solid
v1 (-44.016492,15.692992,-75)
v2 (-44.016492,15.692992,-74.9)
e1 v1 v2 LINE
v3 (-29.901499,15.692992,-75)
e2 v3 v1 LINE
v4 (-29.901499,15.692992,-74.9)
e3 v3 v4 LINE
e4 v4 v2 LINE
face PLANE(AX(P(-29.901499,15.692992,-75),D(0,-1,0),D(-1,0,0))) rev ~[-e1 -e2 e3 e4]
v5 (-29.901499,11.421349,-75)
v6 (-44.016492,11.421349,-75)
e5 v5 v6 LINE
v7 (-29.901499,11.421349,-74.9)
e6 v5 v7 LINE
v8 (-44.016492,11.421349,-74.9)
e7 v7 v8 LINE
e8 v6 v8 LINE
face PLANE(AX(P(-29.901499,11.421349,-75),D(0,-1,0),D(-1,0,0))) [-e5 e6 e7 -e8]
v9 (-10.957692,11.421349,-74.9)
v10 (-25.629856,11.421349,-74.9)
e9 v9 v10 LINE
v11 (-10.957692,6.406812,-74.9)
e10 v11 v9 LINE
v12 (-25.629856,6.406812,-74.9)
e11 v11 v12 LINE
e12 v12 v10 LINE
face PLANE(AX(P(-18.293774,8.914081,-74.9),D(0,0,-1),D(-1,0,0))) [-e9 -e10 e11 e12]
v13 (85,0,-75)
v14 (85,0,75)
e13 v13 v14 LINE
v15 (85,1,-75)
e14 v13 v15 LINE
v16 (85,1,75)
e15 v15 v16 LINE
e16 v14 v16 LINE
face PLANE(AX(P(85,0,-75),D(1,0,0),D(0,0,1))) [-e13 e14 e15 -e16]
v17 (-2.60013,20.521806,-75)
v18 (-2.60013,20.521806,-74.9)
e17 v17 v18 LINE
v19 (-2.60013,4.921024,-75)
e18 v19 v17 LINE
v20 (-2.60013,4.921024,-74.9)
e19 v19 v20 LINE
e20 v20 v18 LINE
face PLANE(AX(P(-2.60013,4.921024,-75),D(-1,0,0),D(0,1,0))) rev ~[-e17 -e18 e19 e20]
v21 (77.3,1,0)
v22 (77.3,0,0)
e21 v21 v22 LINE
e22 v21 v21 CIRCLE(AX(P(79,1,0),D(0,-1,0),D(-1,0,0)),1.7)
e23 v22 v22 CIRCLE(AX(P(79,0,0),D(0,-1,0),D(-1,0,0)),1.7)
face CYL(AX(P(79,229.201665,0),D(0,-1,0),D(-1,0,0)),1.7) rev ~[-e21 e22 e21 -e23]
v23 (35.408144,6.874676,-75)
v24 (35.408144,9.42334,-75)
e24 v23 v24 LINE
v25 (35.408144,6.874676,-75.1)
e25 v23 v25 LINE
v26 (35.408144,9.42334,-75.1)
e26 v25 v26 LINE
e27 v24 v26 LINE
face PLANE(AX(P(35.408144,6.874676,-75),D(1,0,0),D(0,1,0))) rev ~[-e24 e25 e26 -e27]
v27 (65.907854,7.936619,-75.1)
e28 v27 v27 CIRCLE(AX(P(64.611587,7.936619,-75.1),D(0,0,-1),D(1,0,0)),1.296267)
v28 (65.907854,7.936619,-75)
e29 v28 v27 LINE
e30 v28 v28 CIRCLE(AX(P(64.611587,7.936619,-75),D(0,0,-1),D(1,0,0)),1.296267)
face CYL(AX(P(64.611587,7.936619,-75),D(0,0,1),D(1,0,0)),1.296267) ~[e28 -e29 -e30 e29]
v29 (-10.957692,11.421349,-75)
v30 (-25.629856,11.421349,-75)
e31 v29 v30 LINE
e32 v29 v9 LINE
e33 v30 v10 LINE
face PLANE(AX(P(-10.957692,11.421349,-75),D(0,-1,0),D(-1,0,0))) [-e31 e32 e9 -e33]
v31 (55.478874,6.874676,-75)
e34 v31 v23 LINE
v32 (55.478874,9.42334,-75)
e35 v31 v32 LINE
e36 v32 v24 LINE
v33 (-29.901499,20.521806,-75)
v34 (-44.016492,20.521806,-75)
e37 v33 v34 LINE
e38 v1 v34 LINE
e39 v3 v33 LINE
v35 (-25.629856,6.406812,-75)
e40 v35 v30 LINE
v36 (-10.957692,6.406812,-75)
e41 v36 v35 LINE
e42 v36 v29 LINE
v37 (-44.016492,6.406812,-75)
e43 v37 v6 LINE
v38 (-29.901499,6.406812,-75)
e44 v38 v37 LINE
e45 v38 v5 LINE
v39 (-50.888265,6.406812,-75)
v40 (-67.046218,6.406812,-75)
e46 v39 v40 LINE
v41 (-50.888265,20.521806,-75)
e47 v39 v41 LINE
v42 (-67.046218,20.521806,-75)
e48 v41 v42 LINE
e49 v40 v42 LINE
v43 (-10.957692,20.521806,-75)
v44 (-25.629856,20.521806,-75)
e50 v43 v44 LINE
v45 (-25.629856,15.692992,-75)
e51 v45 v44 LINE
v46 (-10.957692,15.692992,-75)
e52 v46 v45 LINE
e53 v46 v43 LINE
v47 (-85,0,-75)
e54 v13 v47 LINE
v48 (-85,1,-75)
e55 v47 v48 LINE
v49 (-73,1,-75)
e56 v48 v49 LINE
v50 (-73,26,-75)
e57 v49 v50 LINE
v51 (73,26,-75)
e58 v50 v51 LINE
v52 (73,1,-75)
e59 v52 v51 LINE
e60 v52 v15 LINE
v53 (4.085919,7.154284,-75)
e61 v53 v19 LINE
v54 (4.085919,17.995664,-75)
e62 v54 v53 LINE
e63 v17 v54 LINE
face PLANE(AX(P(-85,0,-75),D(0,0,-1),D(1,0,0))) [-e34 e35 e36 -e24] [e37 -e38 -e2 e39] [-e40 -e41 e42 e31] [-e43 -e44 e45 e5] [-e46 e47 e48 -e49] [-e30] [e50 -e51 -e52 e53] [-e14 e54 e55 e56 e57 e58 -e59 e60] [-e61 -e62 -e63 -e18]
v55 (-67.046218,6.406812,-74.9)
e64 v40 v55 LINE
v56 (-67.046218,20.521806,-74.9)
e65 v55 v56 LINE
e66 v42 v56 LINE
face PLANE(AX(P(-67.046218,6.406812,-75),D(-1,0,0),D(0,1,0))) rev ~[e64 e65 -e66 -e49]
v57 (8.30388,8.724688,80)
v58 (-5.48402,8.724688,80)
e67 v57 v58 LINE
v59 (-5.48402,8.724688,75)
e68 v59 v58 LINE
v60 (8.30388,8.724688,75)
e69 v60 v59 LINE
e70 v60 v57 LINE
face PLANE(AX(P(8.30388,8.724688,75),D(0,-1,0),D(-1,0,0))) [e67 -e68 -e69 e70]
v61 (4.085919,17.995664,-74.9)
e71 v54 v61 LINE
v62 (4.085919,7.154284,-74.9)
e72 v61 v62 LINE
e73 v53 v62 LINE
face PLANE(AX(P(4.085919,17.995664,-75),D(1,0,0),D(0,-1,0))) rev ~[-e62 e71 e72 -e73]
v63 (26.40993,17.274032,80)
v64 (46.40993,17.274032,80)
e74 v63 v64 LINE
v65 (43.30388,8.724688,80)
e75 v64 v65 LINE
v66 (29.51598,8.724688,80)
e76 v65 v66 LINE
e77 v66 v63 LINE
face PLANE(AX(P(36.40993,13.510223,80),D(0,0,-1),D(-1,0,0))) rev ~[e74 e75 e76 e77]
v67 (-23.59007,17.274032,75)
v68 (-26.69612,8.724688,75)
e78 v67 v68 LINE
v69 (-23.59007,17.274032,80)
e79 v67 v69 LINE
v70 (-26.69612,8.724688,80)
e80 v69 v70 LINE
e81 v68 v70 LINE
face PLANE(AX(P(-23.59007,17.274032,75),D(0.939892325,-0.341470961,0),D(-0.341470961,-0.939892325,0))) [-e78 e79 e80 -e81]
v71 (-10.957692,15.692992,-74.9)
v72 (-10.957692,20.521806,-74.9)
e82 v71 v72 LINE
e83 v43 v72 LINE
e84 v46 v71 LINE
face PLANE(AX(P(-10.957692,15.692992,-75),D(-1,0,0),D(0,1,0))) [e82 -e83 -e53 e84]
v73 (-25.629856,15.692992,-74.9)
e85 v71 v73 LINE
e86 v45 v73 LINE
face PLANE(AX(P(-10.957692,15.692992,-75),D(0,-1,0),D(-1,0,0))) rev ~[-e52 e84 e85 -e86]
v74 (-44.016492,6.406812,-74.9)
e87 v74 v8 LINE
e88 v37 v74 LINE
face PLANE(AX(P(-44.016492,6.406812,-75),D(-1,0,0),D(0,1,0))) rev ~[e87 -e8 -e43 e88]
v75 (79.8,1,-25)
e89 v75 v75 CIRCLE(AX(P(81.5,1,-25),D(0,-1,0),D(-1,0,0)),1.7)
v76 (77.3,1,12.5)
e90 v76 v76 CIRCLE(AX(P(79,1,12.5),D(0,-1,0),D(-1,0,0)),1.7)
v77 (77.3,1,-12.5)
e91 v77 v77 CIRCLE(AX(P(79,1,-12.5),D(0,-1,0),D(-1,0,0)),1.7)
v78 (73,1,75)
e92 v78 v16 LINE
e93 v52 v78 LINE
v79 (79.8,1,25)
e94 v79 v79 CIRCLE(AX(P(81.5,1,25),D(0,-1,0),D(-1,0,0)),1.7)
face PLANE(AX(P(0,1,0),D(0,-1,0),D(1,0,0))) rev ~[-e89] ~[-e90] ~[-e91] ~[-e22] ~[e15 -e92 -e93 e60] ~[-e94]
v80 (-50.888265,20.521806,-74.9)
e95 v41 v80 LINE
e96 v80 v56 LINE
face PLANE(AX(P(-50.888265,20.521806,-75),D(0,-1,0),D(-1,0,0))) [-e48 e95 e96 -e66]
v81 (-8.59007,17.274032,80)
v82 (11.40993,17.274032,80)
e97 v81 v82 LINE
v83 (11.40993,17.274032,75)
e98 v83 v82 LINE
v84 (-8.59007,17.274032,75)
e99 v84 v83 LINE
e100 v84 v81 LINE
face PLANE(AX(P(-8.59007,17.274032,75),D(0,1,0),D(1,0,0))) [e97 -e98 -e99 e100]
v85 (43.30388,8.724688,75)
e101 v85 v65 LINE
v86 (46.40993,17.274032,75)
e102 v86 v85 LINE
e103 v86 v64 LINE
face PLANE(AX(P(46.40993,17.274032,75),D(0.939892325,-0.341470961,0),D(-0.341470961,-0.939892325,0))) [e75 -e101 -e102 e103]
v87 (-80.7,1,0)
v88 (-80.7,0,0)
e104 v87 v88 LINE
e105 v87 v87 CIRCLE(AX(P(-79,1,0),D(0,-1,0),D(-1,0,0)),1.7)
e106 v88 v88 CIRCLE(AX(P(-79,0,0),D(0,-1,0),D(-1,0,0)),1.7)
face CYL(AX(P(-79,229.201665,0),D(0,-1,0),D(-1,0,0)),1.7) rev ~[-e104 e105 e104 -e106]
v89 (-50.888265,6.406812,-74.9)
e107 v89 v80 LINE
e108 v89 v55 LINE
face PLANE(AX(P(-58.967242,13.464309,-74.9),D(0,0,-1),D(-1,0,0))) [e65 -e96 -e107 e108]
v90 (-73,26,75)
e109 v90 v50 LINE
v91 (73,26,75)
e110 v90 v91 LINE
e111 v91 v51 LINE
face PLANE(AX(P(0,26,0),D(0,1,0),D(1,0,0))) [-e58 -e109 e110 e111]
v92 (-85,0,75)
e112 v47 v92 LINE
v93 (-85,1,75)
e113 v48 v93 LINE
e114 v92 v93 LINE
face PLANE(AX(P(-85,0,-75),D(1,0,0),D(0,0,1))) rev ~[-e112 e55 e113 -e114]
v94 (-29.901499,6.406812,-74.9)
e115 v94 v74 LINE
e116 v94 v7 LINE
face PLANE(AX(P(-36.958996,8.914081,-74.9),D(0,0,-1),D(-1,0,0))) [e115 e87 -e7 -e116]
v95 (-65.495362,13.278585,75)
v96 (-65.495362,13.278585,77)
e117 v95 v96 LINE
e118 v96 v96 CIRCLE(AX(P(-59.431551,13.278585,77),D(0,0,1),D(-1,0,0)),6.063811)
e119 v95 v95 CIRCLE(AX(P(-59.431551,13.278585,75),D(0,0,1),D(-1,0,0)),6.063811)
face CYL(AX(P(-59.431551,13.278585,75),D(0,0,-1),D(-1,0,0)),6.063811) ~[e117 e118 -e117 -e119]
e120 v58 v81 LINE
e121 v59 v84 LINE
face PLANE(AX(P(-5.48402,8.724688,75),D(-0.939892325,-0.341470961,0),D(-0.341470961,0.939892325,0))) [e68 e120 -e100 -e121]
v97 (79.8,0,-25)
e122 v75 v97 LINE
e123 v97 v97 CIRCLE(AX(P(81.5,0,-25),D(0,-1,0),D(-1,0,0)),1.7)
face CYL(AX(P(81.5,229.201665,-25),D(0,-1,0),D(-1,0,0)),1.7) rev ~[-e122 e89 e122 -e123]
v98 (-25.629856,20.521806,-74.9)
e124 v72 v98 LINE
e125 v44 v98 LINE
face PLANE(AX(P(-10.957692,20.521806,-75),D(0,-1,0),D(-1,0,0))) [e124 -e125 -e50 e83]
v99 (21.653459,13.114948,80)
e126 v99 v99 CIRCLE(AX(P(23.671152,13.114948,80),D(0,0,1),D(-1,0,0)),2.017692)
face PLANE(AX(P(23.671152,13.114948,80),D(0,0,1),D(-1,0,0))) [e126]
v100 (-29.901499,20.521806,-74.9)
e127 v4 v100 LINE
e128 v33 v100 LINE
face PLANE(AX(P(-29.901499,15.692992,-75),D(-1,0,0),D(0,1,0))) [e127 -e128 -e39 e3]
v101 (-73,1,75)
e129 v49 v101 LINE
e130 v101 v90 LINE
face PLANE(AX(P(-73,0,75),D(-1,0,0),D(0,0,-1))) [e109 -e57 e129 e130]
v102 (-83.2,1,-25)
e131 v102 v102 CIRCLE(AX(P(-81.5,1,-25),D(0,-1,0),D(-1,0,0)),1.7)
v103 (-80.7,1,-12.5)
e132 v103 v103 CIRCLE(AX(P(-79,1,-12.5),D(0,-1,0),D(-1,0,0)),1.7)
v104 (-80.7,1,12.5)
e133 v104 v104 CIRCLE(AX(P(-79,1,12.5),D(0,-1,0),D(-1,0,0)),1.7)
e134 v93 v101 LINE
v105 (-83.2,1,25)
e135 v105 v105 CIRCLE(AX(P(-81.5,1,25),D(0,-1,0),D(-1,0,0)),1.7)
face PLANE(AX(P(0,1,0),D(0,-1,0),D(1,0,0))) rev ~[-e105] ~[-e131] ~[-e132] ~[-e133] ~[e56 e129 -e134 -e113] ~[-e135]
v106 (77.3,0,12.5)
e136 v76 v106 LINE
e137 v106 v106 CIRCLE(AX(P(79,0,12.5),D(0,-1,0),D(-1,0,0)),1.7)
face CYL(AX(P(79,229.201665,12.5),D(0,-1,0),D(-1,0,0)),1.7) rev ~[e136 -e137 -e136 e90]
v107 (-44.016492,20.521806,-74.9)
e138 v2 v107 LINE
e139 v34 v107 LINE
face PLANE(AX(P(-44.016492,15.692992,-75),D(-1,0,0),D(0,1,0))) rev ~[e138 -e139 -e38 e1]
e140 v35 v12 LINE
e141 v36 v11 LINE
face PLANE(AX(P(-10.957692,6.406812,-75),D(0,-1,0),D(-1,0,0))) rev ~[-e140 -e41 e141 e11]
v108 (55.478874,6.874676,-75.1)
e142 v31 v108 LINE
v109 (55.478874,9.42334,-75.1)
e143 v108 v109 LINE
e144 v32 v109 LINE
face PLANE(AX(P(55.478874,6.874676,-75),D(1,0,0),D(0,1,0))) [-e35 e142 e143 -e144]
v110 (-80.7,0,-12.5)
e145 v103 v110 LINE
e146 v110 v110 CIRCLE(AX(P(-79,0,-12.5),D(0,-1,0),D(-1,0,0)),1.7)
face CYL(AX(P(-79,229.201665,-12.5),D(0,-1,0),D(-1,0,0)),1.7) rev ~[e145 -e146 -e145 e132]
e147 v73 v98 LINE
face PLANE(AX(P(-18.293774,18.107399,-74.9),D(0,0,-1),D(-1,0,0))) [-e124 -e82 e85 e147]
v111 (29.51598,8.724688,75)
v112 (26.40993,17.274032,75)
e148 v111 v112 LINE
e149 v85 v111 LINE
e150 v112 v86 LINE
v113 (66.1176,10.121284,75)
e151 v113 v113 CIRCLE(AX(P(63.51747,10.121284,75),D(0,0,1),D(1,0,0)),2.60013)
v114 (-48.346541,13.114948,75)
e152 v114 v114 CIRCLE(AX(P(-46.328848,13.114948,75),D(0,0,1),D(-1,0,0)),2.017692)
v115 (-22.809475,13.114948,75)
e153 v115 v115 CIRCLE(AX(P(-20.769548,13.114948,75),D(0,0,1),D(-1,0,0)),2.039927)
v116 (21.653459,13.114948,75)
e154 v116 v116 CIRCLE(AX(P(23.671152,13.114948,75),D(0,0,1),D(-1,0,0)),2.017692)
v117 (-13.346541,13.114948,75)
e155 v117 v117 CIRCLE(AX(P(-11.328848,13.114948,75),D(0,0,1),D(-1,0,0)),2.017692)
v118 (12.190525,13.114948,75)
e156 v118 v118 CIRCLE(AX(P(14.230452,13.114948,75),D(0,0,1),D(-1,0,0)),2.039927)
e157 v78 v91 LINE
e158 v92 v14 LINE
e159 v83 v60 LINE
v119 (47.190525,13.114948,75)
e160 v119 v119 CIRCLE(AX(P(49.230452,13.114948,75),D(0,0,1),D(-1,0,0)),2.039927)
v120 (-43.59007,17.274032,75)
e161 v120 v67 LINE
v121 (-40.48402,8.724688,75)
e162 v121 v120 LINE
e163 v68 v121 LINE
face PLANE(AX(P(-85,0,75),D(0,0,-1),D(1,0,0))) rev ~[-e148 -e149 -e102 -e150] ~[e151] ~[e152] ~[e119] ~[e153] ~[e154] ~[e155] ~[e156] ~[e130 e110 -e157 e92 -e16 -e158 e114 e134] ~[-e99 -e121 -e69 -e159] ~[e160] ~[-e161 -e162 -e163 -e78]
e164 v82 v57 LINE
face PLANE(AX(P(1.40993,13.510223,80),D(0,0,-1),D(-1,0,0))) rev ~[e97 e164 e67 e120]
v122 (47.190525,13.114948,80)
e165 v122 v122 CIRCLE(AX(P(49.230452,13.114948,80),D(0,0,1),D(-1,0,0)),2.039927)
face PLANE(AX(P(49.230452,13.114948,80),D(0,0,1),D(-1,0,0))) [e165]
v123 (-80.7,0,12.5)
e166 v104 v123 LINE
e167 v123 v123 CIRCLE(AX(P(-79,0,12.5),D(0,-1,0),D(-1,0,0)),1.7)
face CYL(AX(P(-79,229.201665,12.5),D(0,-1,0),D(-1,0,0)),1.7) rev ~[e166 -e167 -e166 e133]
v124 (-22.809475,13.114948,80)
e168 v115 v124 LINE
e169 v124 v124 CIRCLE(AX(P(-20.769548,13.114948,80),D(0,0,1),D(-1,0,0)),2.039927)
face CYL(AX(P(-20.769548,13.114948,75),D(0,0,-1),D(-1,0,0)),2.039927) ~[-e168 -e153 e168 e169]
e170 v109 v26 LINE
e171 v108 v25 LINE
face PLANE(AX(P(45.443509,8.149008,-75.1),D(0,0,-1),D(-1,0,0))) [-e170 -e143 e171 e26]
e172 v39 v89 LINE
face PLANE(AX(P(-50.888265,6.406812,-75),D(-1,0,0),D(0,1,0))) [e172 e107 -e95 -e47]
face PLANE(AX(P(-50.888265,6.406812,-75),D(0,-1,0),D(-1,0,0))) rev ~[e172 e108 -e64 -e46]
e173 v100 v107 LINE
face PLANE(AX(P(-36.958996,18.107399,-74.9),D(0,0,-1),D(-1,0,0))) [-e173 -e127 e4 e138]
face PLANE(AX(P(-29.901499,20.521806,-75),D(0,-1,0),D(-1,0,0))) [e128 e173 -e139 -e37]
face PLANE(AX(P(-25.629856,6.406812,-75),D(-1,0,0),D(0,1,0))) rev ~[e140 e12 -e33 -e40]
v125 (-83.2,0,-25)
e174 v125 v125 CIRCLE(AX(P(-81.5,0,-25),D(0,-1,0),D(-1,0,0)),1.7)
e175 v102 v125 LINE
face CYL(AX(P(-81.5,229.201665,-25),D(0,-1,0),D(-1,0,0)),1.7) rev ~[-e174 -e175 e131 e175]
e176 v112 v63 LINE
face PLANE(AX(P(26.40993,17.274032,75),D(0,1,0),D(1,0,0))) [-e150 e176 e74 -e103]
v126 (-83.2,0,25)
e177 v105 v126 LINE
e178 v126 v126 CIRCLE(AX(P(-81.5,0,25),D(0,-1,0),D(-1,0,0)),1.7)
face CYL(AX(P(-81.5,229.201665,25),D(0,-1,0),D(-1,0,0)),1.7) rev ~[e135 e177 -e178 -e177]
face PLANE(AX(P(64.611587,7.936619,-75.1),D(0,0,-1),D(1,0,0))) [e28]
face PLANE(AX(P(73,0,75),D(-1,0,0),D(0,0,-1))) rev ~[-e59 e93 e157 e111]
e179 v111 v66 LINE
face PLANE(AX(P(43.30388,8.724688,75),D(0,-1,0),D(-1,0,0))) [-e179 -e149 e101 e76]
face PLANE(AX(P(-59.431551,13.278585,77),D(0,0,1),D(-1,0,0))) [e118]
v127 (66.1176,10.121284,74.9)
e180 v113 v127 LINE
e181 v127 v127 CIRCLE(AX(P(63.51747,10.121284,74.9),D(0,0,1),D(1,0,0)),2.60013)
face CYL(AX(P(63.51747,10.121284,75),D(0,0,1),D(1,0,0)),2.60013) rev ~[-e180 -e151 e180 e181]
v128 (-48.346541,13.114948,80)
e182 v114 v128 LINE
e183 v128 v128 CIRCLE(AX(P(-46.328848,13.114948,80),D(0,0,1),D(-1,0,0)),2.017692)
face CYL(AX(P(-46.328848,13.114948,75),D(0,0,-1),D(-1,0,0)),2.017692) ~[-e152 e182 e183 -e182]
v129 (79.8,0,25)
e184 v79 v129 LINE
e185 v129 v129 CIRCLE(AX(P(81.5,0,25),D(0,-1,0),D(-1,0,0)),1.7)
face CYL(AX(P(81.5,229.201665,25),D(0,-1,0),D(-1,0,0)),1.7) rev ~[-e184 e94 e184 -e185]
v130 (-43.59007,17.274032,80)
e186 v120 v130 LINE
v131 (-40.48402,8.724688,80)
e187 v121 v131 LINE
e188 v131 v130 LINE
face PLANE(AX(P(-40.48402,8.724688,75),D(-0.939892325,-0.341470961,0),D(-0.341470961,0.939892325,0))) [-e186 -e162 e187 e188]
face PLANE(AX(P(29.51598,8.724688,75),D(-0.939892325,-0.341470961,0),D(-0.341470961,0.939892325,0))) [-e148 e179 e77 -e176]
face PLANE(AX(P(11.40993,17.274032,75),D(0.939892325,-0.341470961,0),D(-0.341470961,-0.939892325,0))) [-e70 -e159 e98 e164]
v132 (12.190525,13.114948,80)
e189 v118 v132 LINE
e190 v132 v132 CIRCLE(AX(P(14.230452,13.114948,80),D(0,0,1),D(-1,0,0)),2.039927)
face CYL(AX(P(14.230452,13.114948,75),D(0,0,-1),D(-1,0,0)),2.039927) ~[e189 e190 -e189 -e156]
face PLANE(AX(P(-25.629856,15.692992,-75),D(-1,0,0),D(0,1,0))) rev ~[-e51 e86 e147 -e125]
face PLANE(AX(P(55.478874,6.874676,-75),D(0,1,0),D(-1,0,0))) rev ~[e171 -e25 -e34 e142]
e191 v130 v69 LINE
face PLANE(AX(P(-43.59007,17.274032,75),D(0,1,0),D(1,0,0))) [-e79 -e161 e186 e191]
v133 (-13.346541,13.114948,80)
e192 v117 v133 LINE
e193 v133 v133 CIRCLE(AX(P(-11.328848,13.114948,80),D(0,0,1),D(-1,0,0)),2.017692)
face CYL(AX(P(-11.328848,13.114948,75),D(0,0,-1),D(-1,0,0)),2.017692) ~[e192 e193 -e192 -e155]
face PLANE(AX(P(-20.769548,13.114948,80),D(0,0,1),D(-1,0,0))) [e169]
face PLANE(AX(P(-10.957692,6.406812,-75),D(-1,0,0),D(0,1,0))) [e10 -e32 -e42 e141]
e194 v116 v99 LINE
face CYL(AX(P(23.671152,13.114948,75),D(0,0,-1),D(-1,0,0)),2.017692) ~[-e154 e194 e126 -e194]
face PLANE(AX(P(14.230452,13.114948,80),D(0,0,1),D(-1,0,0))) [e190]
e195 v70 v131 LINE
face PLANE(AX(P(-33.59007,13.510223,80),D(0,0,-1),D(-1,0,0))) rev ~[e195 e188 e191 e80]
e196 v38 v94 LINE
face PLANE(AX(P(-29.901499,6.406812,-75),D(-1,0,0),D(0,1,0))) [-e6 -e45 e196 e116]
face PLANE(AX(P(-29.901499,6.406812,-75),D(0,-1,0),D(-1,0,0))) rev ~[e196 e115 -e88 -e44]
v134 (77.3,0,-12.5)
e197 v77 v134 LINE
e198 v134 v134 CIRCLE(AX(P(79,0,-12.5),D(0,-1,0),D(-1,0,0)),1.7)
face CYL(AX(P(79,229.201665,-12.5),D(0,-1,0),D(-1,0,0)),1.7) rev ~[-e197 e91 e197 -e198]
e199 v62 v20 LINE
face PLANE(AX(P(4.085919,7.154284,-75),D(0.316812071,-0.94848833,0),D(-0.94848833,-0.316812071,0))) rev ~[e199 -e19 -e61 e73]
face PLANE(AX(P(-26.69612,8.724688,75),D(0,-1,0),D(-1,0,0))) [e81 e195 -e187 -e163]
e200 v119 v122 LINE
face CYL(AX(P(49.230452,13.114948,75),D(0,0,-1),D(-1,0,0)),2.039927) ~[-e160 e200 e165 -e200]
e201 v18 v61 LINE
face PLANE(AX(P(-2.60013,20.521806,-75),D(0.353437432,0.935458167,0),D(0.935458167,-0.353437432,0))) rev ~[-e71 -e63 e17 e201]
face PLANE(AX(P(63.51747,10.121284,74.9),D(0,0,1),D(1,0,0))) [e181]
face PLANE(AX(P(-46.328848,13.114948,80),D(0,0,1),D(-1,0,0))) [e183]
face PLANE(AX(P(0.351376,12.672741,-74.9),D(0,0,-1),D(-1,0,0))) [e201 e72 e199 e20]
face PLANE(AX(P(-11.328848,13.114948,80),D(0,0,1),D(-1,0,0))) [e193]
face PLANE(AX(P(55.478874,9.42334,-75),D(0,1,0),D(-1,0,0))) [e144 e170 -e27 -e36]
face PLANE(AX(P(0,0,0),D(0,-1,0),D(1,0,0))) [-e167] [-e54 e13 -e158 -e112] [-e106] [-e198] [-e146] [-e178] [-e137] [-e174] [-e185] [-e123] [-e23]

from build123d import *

# Parameters (mm, degrees)
SKETCH_1_W             = 146
SKETCH_1_H             = 150
EXTRUDE_1_DEPTH        = 26
SKETCH_2_W             = 170
SKETCH_2_H             = 150
EXTRUDE_2_DEPTH        = 1
HOLE_WIZARD_M3_1_D     = 3.4
SKETCH_5_R             = 6.063811431
EXTRUDE_3_DEPTH        = 2
SKETCH_6_R             = 2.017692423
SKETCH_6_R_2           = 2.03992662
EXTRUDE_4_DEPTH        = 5
PATTERN_LINEAR_1_COUNT = 3
PATTERN_LINEAR_1_PITCH = 35
SKETCH_7_R             = 2.600130351
CUT_EXTRUDE_1_DEPTH    = 0.1
SKETCH_8_W             = 14.672164123
SKETCH_8_H             = 4.828813509
SKETCH_8_W_2           = 14.114993332
SKETCH_8_H_2           = 5.014537105
SKETCH_8_W_3           = 16.157952894
SKETCH_8_H_3           = 14.114993333
CUT_EXTRUDE_2_DEPTH    = 0.1
SKETCH_9_R             = 1.296267094
SKETCH_9_W             = 20.070729893
SKETCH_9_H             = 2.548664114
EXTRUDE_5_DEPTH        = 0.1


with BuildPart() as part:
    # 草图1 → 凸台-拉伸1 (new body)
    with BuildSketch(Plane(origin=(0, 0, 0), x_dir=(1, 0, 0), z_dir=(0, 1, 0))):
        Rectangle(SKETCH_1_W, SKETCH_1_H)
    extrude(amount=EXTRUDE_1_DEPTH)

    # 草图2 → 凸台-拉伸2 (add)
    with BuildSketch(Plane.XZ):
        Rectangle(SKETCH_2_W, SKETCH_2_H)
    extrude(amount=-EXTRUDE_2_DEPTH)

    # M3 间隙孔1 (through all)
    with Locations(Plane(origin=(0, 1, 0), x_dir=(1, 0, 0), z_dir=(0, 1, 0))):
        with Locations((-81.5, 25), (-81.5, -25), (81.5, 25), (81.5, -25), (-79, 12.5), (-79, 0), (-79, -12.5), (79, -12.5), (79, 0), (79, 12.5)):
            Hole(HOLE_WIZARD_M3_1_D / 2)

    # 草图5 → 凸台-拉伸3 (add)
    with BuildSketch(Plane.XY.offset(75)):
        with Locations(Location((-59.431550874, 13.278585395, 0), (0, 0, 180))):
            Circle(SKETCH_5_R)
    extrude(amount=EXTRUDE_3_DEPTH)

    # 草图6 → 凸台-拉伸4 (add)
    with BuildSketch(Plane.XY.offset(75)):
        with Locations(Location((-46.32884835, 13.11494848, 0), (0, 0, 180))):
            Circle(SKETCH_6_R)
        with Locations(Location((-20.769548413, 13.11494848, 0), (0, 0, 180))):
            Circle(SKETCH_6_R_2)
        Polygon((-43.590070032, 17.274031542), (-23.590070032, 17.274031542), (-26.696119877, 8.72468841), (-40.484020187, 8.72468841), align=None)
    extrude_4 = extrude(amount=EXTRUDE_4_DEPTH)

    # 阵列(线性)1: 凸台-拉伸4 ×3
    with Locations(*[(i * PATTERN_LINEAR_1_PITCH, 0, 0) for i in range(1, PATTERN_LINEAR_1_COUNT)]):
        add(extrude_4)

    # 草图7 → 切除-拉伸1 (cut)
    with BuildSketch(Plane.XY.offset(75)):
        with Locations((63.517469997, 10.121284255)):
            Circle(SKETCH_7_R)
    extrude(amount=-CUT_EXTRUDE_1_DEPTH, mode=Mode.SUBTRACT)

    # 草图8 → 切除-拉伸2 (cut)
    with BuildSketch(Plane(origin=(0, 0, -75), x_dir=(-1, 0, 0), z_dir=(0, 0, -1))):
        Polygon((2.600130351, 20.521805658), (-4.085919123, 17.995663664), (-4.085919123, 7.154283691), (2.600130351, 4.921023553), align=None)
        with Locations((18.293774254, 18.107398904)):
            Rectangle(SKETCH_8_W, SKETCH_8_H)
        with Locations((36.9589957, 18.107398904)):
            Rectangle(SKETCH_8_W_2, SKETCH_8_H)
        with Locations((18.293774254, 8.914080878)):
            Rectangle(SKETCH_8_W, SKETCH_8_H_2)
        with Locations((36.9589957, 8.914080878)):
            Rectangle(SKETCH_8_W_2, SKETCH_8_H_2)
        with Locations((58.967241883, 13.464308992)):
            Rectangle(SKETCH_8_W_3, SKETCH_8_H_3)
    extrude(amount=-CUT_EXTRUDE_2_DEPTH, mode=Mode.SUBTRACT)

    # 草图9 → 凸台-拉伸5 (add)
    with BuildSketch(Plane(origin=(0, 0, -75), x_dir=(-1, 0, 0), z_dir=(0, 0, -1))):
        with Locations(Location((-64.611587391, 7.936618922, 0), (0, 0, 180))):
            Circle(SKETCH_9_R)
        with Locations((-45.443509371, 8.149007598)):
            Rectangle(SKETCH_9_W, SKETCH_9_H)
    extrude(amount=EXTRUDE_5_DEPTH)


solid = part.part
